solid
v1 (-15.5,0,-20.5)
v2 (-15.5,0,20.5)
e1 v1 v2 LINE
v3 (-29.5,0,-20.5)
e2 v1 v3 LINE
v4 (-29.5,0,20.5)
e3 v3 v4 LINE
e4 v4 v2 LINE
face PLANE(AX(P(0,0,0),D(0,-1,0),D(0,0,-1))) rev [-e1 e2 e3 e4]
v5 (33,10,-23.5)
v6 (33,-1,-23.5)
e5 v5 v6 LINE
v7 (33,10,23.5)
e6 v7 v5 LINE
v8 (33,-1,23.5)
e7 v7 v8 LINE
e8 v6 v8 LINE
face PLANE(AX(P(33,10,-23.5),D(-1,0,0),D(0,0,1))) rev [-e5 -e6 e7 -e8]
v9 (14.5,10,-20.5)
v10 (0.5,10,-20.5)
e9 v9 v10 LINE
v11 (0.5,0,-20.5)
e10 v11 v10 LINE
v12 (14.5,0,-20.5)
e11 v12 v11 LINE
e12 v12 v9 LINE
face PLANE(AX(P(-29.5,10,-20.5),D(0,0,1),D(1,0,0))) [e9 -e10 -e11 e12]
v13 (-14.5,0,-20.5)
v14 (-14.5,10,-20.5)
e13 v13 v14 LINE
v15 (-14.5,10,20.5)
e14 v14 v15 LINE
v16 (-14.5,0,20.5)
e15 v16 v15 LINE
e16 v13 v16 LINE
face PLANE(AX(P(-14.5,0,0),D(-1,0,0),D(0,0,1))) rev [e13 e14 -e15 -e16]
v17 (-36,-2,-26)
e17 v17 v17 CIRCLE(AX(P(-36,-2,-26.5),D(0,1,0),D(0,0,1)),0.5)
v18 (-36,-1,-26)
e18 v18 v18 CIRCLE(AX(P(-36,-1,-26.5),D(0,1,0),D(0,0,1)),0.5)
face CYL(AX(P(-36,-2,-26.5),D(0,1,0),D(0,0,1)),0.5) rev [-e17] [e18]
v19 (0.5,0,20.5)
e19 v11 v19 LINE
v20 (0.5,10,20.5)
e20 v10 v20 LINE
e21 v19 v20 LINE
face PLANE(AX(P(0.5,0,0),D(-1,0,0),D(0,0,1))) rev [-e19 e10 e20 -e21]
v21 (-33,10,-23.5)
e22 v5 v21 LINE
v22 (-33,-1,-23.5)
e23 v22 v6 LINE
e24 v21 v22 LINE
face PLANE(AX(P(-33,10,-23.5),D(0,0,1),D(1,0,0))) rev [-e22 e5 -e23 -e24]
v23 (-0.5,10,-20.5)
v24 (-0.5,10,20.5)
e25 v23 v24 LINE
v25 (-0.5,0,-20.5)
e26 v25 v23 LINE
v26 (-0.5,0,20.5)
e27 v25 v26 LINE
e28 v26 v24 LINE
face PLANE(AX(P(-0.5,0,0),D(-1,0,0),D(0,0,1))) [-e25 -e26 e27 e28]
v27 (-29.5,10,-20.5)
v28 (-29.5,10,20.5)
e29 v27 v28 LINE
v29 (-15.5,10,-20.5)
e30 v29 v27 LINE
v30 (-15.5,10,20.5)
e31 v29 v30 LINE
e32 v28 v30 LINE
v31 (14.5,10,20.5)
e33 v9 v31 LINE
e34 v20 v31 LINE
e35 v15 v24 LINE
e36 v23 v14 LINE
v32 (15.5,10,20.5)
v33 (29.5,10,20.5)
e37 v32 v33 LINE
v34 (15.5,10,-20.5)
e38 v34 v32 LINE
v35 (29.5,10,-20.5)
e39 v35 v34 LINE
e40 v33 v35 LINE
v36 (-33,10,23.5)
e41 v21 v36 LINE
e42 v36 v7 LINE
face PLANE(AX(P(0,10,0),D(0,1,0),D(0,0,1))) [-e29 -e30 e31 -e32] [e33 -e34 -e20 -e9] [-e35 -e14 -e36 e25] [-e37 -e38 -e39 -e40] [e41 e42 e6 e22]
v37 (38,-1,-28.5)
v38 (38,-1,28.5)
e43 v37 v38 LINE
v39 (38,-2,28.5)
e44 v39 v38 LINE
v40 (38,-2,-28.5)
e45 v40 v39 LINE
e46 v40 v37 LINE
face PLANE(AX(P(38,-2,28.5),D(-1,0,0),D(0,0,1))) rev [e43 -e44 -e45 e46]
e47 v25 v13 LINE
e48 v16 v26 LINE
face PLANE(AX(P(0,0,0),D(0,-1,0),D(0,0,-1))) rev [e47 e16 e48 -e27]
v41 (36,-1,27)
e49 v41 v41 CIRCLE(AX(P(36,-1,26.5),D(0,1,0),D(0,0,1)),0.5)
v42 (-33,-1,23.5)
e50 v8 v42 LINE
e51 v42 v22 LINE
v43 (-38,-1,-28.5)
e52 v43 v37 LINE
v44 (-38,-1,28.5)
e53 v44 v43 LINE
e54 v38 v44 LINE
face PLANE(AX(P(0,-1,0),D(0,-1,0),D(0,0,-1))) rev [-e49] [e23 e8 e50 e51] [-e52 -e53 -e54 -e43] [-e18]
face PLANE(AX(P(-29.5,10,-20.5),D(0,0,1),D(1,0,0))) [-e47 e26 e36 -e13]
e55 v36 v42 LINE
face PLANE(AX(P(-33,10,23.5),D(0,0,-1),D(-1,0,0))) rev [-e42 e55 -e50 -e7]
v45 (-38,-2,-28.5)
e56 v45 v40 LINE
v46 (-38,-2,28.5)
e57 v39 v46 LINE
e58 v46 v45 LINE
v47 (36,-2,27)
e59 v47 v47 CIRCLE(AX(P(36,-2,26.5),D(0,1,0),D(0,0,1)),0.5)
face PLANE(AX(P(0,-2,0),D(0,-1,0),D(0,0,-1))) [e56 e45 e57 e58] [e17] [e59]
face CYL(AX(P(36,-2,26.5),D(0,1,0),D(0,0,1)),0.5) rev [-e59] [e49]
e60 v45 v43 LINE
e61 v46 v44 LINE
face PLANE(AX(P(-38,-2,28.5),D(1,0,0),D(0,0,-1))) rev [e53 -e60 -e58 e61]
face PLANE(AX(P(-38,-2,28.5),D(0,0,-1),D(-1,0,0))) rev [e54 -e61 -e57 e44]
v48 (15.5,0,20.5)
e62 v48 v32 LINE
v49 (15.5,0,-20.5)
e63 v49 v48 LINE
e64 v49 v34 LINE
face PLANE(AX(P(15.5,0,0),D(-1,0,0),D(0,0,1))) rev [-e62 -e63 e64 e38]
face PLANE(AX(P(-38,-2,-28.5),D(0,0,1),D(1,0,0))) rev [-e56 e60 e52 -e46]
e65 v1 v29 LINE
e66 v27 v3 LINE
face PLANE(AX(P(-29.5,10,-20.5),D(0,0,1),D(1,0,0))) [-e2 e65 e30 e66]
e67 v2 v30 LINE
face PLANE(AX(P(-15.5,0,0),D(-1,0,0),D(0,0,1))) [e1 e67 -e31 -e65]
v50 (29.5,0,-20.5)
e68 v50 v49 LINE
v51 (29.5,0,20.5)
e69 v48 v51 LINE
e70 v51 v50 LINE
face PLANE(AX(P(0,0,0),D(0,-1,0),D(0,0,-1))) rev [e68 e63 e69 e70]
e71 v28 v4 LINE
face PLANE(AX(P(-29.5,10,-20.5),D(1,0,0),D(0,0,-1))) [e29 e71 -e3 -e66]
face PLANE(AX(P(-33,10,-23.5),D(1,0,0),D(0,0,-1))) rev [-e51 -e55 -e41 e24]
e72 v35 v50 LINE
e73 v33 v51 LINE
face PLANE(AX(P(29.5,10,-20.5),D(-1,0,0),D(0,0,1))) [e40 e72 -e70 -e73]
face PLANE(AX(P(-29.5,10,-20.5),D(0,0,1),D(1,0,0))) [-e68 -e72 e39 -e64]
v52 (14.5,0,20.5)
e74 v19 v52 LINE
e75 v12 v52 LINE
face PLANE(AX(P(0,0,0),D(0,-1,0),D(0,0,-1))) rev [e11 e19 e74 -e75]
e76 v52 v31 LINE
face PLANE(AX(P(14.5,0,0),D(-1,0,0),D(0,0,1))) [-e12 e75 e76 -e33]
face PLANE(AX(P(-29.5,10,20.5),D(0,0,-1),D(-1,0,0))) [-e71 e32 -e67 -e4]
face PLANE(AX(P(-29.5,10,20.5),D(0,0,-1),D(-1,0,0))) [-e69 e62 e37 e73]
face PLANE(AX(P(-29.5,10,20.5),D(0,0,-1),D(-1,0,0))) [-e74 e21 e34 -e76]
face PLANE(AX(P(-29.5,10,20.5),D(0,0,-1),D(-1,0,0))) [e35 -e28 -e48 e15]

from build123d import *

# Parameters (mm, degrees)
SKETCH1_W           = 66
SKETCH1_H           = 47
SKETCH1_W_2         = 59
SKETCH1_H_2         = 41
BOSS_EXTRUDE1_DEPTH = 10
SKETCH3_W           = 66
SKETCH3_H           = 47
BOSS_EXTRUDE2_DEPTH = 1
SKETCH6_W           = 1
SKETCH6_H           = 41
SKETCH6_W_2         = 0.5
BOSS_EXTRUDE3_DEPTH = 10
SKETCH7_W           = 76
SKETCH7_H           = 57
BOSS_EXTRUDE4_DEPTH = 1
SKETCH8_R           = 0.5
CUT_EXTRUDE1_DEPTH  = 1


with BuildPart() as part:
    # Sketch1 → Boss-Extrude1 (new body)
    with BuildSketch(Plane(origin=(0, 0, 0), x_dir=(1, 0, 0), z_dir=(0, 1, 0))):
        Rectangle(SKETCH1_W, SKETCH1_H)
        Rectangle(SKETCH1_W_2, SKETCH1_H_2, mode=Mode.SUBTRACT)
    extrude(amount=BOSS_EXTRUDE1_DEPTH)

    # Sketch3 → Boss-Extrude2 (add)
    with BuildSketch(Plane(origin=(0, 0, 0), x_dir=(-1, 0, 0), z_dir=(0, -1, 0))):
        Rectangle(SKETCH3_W, SKETCH3_H)
    extrude(amount=BOSS_EXTRUDE2_DEPTH)

    # Sketch6 → Boss-Extrude3 (add)
    with BuildSketch(Plane(origin=(0, 10, 0), x_dir=(1, 0, 0), z_dir=(0, 1, 0))):
        with Locations((-15, 0)):
            Rectangle(SKETCH6_W, SKETCH6_H)
        with Locations((-0.25, 0)):
            Rectangle(SKETCH6_W_2, SKETCH6_H)
        with Locations((0.25, 0)):
            Rectangle(SKETCH6_W_2, SKETCH6_H)
        with Locations((15, 0)):
            Rectangle(SKETCH6_W, SKETCH6_H)
    extrude(amount=-BOSS_EXTRUDE3_DEPTH)

    # Sketch7 → Boss-Extrude4 (add)
    with BuildSketch(Plane(origin=(0, -1, 0), x_dir=(-1, 0, 0), z_dir=(0, -1, 0))):
        Rectangle(SKETCH7_W, SKETCH7_H)
    extrude(amount=BOSS_EXTRUDE4_DEPTH)

    # Sketch8 → Cut-Extrude1 (cut)
    with BuildSketch(Plane(origin=(0, -1, 0), x_dir=(1, 0, 0), z_dir=(0, 1, 0))):
        with Locations(Location((-36, 26.5, 0), (0, 0, 270))):
            Circle(SKETCH8_R)
        with Locations(Location((36, -26.5, 0), (0, 0, 270))):
            Circle(SKETCH8_R)
    extrude(amount=-CUT_EXTRUDE1_DEPTH, mode=Mode.SUBTRACT)


solid = part.part
